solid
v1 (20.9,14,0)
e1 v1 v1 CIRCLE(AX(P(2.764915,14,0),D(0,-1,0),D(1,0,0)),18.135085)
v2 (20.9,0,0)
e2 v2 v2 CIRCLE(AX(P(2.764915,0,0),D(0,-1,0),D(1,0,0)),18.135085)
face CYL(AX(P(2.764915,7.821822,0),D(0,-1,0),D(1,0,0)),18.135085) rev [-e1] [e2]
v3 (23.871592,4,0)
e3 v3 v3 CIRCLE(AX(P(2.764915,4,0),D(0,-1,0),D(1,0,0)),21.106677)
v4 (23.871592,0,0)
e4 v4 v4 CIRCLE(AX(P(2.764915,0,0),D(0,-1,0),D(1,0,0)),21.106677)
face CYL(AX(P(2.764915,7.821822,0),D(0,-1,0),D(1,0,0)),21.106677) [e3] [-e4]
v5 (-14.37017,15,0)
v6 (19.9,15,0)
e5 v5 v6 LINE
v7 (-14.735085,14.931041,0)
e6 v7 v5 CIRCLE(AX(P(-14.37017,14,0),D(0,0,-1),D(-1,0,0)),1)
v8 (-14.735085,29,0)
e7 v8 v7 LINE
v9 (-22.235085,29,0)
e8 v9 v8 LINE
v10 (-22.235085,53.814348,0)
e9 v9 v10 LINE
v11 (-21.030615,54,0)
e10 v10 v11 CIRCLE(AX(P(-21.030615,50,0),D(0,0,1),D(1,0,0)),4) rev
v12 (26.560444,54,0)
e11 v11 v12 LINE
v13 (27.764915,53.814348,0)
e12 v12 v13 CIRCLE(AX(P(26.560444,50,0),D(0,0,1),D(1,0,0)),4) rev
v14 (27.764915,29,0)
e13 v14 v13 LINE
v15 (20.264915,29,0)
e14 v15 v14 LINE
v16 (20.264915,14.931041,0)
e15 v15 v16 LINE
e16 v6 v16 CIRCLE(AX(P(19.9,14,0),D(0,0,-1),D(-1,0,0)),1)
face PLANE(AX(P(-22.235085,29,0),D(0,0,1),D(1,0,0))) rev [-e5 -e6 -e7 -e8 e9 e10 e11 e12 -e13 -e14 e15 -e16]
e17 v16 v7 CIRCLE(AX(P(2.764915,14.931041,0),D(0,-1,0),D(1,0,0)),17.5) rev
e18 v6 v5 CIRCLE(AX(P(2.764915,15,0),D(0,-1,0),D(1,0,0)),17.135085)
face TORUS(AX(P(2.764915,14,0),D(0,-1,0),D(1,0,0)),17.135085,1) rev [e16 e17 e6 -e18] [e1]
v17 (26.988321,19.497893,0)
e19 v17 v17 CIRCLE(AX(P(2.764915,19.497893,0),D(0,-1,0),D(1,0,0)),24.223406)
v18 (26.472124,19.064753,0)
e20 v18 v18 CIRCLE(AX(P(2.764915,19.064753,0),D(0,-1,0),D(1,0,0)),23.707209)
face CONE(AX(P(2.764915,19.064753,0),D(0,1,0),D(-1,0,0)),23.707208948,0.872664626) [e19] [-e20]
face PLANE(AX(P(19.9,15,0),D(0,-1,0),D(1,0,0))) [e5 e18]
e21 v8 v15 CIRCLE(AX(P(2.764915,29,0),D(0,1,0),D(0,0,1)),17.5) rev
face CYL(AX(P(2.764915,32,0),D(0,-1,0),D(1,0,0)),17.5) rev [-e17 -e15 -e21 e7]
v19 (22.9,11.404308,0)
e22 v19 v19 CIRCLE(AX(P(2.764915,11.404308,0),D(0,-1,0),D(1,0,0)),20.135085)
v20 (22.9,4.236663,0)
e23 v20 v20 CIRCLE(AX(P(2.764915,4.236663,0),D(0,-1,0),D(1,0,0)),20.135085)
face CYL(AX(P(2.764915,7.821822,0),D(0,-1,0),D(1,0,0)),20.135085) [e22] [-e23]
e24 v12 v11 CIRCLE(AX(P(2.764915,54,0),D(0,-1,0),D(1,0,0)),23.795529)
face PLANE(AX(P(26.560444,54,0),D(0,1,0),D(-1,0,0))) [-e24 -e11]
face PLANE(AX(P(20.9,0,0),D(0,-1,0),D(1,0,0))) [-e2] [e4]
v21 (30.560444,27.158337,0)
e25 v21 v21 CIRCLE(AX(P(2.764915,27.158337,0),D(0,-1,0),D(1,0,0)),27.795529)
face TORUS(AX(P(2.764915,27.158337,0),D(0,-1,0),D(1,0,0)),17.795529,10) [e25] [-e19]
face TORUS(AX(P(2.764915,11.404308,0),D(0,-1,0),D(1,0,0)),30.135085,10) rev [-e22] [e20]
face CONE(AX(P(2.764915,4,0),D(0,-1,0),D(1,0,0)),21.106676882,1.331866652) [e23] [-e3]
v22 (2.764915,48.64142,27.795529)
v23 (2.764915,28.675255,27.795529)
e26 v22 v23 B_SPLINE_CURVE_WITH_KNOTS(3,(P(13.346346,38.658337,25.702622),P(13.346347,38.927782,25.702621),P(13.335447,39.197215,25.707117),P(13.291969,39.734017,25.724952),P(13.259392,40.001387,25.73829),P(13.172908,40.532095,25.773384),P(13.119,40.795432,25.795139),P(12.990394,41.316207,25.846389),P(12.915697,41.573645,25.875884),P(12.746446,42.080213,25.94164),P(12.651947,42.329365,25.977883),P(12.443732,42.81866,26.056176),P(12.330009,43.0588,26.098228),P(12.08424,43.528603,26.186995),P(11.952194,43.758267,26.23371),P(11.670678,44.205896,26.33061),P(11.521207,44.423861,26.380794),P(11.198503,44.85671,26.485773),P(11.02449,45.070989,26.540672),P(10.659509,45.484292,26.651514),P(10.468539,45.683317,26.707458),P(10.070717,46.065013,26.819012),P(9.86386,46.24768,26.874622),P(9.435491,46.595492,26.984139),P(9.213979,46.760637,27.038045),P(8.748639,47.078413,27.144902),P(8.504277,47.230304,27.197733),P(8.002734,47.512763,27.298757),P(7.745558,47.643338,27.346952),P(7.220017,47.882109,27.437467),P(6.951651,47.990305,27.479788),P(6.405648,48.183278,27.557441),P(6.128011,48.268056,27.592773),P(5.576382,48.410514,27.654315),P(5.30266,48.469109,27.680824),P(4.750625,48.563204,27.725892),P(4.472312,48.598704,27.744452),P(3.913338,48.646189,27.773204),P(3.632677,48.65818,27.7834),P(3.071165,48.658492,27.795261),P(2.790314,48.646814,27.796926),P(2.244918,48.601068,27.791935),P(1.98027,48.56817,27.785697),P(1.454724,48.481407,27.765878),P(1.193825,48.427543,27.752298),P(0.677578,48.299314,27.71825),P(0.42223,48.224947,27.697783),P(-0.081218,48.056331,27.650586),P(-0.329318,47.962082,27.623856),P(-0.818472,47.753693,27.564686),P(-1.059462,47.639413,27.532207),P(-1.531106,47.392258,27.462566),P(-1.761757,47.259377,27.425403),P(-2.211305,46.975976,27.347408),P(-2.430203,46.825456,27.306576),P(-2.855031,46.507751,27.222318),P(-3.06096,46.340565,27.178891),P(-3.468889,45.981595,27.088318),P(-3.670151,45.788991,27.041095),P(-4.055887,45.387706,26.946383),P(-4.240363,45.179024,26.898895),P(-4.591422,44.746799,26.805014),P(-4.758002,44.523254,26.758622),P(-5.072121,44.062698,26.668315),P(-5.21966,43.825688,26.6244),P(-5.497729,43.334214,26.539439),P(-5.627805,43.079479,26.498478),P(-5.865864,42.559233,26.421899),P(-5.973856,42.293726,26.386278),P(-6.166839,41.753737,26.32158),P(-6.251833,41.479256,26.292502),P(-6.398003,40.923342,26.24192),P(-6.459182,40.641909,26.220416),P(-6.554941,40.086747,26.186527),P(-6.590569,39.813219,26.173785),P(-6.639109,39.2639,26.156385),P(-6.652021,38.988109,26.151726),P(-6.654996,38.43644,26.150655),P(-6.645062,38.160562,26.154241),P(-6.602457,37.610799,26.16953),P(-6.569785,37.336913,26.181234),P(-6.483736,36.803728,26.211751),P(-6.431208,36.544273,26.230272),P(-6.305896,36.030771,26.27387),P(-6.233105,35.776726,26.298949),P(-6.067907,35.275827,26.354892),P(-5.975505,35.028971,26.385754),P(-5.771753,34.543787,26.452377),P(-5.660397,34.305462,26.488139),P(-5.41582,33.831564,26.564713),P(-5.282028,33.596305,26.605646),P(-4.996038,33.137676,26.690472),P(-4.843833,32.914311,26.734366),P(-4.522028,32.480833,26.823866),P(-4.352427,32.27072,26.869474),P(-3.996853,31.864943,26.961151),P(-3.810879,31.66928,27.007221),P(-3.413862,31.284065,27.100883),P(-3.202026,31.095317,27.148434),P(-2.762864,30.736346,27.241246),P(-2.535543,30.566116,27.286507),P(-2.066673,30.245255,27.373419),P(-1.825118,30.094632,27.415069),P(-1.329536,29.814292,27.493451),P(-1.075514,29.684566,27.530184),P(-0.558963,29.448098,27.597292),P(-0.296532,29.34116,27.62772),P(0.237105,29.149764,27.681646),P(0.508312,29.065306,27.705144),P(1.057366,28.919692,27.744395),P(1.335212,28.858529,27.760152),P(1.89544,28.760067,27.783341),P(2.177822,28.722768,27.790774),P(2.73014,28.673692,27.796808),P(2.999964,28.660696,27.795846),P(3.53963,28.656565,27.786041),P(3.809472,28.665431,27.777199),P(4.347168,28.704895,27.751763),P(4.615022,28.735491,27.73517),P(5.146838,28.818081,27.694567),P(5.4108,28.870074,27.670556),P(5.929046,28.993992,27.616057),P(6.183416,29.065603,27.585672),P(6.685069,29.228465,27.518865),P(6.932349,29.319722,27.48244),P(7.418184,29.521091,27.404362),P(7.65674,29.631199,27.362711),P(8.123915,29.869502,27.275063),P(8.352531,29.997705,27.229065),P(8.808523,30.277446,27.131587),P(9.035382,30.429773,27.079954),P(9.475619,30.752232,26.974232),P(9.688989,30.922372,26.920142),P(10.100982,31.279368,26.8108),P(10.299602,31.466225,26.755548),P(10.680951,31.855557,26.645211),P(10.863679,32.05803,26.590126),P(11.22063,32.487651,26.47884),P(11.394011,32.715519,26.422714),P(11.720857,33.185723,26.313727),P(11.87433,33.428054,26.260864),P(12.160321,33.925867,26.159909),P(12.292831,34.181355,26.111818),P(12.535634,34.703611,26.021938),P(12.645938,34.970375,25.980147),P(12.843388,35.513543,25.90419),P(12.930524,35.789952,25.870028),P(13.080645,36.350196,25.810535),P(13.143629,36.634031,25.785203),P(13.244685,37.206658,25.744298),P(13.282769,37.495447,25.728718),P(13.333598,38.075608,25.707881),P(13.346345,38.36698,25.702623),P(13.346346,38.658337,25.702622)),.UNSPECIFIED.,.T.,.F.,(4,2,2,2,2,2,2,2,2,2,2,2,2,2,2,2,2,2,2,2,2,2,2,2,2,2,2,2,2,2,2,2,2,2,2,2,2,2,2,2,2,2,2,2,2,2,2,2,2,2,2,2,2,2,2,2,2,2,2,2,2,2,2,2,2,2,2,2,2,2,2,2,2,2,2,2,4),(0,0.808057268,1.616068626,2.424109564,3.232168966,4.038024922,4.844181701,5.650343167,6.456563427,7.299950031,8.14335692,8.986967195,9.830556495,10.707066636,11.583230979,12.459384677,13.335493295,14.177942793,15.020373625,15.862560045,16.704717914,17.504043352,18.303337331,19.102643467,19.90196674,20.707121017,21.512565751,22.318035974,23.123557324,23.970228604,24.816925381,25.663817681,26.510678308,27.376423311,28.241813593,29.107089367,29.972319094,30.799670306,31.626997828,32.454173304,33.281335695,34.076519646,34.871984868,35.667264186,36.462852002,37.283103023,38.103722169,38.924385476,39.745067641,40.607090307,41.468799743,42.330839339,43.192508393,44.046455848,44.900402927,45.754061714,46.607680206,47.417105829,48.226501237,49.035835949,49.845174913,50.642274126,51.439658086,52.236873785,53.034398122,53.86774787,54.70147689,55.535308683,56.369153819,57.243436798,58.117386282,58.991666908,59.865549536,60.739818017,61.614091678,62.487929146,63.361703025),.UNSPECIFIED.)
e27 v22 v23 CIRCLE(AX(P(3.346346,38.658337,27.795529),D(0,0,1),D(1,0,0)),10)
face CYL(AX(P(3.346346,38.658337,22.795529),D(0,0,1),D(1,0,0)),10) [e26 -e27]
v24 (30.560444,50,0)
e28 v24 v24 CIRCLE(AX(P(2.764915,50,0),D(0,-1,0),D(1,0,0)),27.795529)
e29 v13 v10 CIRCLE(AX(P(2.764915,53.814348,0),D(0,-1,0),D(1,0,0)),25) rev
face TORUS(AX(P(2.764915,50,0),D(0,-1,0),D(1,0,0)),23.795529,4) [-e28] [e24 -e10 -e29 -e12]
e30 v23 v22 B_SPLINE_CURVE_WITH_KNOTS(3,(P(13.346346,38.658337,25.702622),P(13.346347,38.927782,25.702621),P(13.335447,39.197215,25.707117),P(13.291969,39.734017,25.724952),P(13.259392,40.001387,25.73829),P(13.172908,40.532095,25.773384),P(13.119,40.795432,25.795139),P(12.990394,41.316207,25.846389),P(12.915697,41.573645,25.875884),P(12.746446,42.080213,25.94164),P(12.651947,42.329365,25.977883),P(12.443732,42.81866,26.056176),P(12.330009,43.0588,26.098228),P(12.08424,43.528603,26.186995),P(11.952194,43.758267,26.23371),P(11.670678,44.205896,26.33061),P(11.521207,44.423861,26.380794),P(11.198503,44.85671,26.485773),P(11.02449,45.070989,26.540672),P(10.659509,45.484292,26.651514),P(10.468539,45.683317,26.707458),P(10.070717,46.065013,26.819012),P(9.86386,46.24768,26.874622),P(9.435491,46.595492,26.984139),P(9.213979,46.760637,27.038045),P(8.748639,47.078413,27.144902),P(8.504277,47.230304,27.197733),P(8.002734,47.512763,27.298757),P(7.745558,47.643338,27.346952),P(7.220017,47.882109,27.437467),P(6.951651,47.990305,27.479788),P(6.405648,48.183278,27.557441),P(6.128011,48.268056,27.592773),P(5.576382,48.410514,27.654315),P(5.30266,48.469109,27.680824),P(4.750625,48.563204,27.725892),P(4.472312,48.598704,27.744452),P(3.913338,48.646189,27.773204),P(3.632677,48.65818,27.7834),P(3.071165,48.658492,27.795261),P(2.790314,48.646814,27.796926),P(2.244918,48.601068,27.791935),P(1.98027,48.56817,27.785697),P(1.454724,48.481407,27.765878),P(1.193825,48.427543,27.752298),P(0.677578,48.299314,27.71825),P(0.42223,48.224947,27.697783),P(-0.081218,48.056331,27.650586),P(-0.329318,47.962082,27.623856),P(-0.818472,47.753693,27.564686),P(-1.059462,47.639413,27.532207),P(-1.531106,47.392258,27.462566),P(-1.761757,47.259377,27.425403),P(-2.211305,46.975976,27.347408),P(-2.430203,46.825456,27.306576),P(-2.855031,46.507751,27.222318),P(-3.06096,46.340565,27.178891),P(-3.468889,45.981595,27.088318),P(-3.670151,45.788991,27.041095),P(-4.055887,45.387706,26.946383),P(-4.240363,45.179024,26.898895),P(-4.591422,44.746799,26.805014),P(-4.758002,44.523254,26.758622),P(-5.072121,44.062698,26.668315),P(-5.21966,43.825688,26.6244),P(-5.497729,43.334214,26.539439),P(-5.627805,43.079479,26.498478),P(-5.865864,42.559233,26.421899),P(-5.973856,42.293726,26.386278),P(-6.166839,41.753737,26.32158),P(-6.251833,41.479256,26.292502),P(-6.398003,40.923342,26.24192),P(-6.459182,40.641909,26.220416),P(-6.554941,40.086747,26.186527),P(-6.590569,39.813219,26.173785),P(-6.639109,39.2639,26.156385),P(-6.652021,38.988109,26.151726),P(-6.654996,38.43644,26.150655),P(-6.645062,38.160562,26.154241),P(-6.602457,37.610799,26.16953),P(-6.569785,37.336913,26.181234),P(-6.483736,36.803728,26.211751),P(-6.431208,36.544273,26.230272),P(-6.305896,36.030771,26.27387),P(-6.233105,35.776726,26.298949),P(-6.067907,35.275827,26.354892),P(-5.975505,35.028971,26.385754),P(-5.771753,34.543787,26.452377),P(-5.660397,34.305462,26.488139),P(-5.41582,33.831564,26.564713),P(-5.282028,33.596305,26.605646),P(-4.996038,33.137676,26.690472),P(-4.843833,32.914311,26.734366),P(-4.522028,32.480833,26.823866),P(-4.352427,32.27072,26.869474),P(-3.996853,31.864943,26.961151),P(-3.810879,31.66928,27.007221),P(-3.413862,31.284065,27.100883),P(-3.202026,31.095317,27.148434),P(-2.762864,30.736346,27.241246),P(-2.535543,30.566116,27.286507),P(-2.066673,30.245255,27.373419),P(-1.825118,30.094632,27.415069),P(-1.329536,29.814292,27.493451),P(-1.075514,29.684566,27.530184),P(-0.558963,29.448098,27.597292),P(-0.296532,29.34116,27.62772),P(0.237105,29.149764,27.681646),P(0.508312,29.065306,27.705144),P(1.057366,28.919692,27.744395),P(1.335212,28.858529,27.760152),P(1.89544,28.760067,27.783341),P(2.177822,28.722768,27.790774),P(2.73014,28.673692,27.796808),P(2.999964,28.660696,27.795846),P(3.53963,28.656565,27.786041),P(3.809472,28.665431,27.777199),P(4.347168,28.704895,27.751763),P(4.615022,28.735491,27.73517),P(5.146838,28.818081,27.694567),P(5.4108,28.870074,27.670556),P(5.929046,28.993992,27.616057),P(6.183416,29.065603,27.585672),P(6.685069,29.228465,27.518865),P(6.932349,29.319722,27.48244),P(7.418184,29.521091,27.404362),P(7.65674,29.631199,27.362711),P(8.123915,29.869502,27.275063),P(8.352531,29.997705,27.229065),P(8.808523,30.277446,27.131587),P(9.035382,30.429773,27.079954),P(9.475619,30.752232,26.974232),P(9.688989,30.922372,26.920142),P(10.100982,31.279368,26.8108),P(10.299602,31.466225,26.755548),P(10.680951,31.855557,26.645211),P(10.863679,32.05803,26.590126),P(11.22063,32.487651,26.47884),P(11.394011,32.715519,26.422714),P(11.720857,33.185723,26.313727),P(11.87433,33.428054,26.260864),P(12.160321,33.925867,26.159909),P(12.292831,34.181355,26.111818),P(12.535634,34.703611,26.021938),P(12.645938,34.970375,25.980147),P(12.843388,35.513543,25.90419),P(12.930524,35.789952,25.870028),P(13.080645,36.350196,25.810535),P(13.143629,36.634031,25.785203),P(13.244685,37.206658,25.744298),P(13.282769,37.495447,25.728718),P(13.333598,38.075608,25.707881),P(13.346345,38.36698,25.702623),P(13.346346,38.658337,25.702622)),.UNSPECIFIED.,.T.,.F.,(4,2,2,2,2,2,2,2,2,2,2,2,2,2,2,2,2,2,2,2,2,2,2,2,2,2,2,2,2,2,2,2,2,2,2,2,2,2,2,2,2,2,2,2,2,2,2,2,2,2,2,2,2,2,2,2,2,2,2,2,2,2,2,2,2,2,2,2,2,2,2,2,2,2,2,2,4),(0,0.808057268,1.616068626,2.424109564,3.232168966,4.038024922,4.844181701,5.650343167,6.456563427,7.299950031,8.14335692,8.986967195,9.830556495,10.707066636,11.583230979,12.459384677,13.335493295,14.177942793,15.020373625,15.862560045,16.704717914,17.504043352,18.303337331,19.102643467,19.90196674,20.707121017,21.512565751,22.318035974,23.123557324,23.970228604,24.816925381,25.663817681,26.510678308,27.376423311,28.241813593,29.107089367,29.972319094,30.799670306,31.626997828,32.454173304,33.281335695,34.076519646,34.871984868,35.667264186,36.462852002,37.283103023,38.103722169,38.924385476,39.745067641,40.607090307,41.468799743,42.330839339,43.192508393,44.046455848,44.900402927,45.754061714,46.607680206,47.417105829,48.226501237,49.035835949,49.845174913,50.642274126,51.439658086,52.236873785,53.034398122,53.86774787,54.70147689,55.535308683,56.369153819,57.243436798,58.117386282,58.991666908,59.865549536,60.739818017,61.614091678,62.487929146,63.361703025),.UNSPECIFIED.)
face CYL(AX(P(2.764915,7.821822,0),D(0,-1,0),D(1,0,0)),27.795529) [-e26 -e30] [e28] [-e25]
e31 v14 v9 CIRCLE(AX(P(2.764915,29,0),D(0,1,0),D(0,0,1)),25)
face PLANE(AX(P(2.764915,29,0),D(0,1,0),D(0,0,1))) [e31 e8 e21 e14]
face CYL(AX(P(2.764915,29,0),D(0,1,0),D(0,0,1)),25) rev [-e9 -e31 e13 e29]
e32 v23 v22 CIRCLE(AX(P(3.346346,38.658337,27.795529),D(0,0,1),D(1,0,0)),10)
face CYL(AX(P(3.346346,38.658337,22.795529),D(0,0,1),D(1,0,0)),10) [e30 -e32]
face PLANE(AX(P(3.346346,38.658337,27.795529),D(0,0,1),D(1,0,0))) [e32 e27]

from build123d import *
from build123d.topology import SkipClean

# Parameters (mm, degrees)
CUT_EXTRUDE2_DEPTH      = 25
SKETCH10_R              = 10
BOSS_EXTRUDE1_DEPTH     = 5
CUT_EXTRUDE3_DEPTH      = 15
CUT_EXTRUDE3_DEPTH_BACK = 10


with BuildPart() as part:
    # Sketch1 → Revolve1 (revolve)
    with BuildSketch(Plane.XY):
        with BuildLine():
            Line((20.9, 0), (23.871591838, 0))
            Line((23.871591838, 0), (23.871591838, 4))
            Line((23.871591838, 4), (22.9, 4.236662843))
            Line((22.9, 4.236662843), (22.9, 11.404308102))
            ThreePointArc((22.9, 11.404308102), (23.83692213, 15.63049072), (26.472123903, 19.064752533))
            Line((26.472123903, 19.064752533), (26.988320528, 19.497892931))
            ThreePointArc((26.988320528, 19.497892931), (29.623522302, 22.932154745), (30.560444431, 27.158337362))
            Line((30.560444431, 27.158337362), (30.560444431, 50))
            ThreePointArc((30.560444431, 50), (29.388871556, 52.828427125), (26.560444431, 54))
            Line((26.560444431, 54), (2.764914955, 54))
            Line((2.764914955, 54), (2.764914955, 15))
            Line((2.764914955, 15), (19.9, 15))
            ThreePointArc((19.9, 15), (20.607106781, 14.707106781), (20.9, 14))
            Line((20.9, 14), (20.9, 0))
        make_face()
    revolve(axis=Axis((2.764914955, 7.821821657, 0), (0, 1, 0)))

    # Sketch9 → Cut-Extrude2 (cut)
    with BuildSketch(Plane(origin=(0, 54, 0), x_dir=(1, 0, 0), z_dir=(0, 1, 0))):
        with BuildLine():
            Line((-22.235085045, 0), (27.764914955, 0))
            ThreePointArc((27.764914955, 0), (2.764914955, 25), (-22.235085045, 0))
        make_face()
    extrude(amount=-CUT_EXTRUDE2_DEPTH, mode=Mode.SUBTRACT)

    # Sketch10 → Boss-Extrude1 (add)
    with SkipClean():  # the faces are left unmerged after this step: merging them gives an invalid solid
        with BuildSketch(Plane.XY.offset(27.795529476)):
            with Locations((3.346345887, 38.658337362)):
                Circle(SKETCH10_R)
        extrude(amount=-BOSS_EXTRUDE1_DEPTH)

    # Sketch11 → Cut-Extrude3 (cut, two sides: drawn at the far end of the back side and taken through both)
    with SkipClean():  # the faces are left unmerged after this step: merging them gives an invalid solid
        with BuildSketch(Plane(origin=(0, 17, 0), x_dir=(1, 0, 0), z_dir=(0, 1, 0)).offset(-CUT_EXTRUDE3_DEPTH_BACK)):
            with BuildLine():
                Line((-14.735085045, 0), (20.264914955, 0))
                ThreePointArc((20.264914955, 0), (2.764914955, 17.5), (-14.735085045, 0))
            make_face()
        extrude(amount=CUT_EXTRUDE3_DEPTH + CUT_EXTRUDE3_DEPTH_BACK, mode=Mode.SUBTRACT)


solid = part.part
